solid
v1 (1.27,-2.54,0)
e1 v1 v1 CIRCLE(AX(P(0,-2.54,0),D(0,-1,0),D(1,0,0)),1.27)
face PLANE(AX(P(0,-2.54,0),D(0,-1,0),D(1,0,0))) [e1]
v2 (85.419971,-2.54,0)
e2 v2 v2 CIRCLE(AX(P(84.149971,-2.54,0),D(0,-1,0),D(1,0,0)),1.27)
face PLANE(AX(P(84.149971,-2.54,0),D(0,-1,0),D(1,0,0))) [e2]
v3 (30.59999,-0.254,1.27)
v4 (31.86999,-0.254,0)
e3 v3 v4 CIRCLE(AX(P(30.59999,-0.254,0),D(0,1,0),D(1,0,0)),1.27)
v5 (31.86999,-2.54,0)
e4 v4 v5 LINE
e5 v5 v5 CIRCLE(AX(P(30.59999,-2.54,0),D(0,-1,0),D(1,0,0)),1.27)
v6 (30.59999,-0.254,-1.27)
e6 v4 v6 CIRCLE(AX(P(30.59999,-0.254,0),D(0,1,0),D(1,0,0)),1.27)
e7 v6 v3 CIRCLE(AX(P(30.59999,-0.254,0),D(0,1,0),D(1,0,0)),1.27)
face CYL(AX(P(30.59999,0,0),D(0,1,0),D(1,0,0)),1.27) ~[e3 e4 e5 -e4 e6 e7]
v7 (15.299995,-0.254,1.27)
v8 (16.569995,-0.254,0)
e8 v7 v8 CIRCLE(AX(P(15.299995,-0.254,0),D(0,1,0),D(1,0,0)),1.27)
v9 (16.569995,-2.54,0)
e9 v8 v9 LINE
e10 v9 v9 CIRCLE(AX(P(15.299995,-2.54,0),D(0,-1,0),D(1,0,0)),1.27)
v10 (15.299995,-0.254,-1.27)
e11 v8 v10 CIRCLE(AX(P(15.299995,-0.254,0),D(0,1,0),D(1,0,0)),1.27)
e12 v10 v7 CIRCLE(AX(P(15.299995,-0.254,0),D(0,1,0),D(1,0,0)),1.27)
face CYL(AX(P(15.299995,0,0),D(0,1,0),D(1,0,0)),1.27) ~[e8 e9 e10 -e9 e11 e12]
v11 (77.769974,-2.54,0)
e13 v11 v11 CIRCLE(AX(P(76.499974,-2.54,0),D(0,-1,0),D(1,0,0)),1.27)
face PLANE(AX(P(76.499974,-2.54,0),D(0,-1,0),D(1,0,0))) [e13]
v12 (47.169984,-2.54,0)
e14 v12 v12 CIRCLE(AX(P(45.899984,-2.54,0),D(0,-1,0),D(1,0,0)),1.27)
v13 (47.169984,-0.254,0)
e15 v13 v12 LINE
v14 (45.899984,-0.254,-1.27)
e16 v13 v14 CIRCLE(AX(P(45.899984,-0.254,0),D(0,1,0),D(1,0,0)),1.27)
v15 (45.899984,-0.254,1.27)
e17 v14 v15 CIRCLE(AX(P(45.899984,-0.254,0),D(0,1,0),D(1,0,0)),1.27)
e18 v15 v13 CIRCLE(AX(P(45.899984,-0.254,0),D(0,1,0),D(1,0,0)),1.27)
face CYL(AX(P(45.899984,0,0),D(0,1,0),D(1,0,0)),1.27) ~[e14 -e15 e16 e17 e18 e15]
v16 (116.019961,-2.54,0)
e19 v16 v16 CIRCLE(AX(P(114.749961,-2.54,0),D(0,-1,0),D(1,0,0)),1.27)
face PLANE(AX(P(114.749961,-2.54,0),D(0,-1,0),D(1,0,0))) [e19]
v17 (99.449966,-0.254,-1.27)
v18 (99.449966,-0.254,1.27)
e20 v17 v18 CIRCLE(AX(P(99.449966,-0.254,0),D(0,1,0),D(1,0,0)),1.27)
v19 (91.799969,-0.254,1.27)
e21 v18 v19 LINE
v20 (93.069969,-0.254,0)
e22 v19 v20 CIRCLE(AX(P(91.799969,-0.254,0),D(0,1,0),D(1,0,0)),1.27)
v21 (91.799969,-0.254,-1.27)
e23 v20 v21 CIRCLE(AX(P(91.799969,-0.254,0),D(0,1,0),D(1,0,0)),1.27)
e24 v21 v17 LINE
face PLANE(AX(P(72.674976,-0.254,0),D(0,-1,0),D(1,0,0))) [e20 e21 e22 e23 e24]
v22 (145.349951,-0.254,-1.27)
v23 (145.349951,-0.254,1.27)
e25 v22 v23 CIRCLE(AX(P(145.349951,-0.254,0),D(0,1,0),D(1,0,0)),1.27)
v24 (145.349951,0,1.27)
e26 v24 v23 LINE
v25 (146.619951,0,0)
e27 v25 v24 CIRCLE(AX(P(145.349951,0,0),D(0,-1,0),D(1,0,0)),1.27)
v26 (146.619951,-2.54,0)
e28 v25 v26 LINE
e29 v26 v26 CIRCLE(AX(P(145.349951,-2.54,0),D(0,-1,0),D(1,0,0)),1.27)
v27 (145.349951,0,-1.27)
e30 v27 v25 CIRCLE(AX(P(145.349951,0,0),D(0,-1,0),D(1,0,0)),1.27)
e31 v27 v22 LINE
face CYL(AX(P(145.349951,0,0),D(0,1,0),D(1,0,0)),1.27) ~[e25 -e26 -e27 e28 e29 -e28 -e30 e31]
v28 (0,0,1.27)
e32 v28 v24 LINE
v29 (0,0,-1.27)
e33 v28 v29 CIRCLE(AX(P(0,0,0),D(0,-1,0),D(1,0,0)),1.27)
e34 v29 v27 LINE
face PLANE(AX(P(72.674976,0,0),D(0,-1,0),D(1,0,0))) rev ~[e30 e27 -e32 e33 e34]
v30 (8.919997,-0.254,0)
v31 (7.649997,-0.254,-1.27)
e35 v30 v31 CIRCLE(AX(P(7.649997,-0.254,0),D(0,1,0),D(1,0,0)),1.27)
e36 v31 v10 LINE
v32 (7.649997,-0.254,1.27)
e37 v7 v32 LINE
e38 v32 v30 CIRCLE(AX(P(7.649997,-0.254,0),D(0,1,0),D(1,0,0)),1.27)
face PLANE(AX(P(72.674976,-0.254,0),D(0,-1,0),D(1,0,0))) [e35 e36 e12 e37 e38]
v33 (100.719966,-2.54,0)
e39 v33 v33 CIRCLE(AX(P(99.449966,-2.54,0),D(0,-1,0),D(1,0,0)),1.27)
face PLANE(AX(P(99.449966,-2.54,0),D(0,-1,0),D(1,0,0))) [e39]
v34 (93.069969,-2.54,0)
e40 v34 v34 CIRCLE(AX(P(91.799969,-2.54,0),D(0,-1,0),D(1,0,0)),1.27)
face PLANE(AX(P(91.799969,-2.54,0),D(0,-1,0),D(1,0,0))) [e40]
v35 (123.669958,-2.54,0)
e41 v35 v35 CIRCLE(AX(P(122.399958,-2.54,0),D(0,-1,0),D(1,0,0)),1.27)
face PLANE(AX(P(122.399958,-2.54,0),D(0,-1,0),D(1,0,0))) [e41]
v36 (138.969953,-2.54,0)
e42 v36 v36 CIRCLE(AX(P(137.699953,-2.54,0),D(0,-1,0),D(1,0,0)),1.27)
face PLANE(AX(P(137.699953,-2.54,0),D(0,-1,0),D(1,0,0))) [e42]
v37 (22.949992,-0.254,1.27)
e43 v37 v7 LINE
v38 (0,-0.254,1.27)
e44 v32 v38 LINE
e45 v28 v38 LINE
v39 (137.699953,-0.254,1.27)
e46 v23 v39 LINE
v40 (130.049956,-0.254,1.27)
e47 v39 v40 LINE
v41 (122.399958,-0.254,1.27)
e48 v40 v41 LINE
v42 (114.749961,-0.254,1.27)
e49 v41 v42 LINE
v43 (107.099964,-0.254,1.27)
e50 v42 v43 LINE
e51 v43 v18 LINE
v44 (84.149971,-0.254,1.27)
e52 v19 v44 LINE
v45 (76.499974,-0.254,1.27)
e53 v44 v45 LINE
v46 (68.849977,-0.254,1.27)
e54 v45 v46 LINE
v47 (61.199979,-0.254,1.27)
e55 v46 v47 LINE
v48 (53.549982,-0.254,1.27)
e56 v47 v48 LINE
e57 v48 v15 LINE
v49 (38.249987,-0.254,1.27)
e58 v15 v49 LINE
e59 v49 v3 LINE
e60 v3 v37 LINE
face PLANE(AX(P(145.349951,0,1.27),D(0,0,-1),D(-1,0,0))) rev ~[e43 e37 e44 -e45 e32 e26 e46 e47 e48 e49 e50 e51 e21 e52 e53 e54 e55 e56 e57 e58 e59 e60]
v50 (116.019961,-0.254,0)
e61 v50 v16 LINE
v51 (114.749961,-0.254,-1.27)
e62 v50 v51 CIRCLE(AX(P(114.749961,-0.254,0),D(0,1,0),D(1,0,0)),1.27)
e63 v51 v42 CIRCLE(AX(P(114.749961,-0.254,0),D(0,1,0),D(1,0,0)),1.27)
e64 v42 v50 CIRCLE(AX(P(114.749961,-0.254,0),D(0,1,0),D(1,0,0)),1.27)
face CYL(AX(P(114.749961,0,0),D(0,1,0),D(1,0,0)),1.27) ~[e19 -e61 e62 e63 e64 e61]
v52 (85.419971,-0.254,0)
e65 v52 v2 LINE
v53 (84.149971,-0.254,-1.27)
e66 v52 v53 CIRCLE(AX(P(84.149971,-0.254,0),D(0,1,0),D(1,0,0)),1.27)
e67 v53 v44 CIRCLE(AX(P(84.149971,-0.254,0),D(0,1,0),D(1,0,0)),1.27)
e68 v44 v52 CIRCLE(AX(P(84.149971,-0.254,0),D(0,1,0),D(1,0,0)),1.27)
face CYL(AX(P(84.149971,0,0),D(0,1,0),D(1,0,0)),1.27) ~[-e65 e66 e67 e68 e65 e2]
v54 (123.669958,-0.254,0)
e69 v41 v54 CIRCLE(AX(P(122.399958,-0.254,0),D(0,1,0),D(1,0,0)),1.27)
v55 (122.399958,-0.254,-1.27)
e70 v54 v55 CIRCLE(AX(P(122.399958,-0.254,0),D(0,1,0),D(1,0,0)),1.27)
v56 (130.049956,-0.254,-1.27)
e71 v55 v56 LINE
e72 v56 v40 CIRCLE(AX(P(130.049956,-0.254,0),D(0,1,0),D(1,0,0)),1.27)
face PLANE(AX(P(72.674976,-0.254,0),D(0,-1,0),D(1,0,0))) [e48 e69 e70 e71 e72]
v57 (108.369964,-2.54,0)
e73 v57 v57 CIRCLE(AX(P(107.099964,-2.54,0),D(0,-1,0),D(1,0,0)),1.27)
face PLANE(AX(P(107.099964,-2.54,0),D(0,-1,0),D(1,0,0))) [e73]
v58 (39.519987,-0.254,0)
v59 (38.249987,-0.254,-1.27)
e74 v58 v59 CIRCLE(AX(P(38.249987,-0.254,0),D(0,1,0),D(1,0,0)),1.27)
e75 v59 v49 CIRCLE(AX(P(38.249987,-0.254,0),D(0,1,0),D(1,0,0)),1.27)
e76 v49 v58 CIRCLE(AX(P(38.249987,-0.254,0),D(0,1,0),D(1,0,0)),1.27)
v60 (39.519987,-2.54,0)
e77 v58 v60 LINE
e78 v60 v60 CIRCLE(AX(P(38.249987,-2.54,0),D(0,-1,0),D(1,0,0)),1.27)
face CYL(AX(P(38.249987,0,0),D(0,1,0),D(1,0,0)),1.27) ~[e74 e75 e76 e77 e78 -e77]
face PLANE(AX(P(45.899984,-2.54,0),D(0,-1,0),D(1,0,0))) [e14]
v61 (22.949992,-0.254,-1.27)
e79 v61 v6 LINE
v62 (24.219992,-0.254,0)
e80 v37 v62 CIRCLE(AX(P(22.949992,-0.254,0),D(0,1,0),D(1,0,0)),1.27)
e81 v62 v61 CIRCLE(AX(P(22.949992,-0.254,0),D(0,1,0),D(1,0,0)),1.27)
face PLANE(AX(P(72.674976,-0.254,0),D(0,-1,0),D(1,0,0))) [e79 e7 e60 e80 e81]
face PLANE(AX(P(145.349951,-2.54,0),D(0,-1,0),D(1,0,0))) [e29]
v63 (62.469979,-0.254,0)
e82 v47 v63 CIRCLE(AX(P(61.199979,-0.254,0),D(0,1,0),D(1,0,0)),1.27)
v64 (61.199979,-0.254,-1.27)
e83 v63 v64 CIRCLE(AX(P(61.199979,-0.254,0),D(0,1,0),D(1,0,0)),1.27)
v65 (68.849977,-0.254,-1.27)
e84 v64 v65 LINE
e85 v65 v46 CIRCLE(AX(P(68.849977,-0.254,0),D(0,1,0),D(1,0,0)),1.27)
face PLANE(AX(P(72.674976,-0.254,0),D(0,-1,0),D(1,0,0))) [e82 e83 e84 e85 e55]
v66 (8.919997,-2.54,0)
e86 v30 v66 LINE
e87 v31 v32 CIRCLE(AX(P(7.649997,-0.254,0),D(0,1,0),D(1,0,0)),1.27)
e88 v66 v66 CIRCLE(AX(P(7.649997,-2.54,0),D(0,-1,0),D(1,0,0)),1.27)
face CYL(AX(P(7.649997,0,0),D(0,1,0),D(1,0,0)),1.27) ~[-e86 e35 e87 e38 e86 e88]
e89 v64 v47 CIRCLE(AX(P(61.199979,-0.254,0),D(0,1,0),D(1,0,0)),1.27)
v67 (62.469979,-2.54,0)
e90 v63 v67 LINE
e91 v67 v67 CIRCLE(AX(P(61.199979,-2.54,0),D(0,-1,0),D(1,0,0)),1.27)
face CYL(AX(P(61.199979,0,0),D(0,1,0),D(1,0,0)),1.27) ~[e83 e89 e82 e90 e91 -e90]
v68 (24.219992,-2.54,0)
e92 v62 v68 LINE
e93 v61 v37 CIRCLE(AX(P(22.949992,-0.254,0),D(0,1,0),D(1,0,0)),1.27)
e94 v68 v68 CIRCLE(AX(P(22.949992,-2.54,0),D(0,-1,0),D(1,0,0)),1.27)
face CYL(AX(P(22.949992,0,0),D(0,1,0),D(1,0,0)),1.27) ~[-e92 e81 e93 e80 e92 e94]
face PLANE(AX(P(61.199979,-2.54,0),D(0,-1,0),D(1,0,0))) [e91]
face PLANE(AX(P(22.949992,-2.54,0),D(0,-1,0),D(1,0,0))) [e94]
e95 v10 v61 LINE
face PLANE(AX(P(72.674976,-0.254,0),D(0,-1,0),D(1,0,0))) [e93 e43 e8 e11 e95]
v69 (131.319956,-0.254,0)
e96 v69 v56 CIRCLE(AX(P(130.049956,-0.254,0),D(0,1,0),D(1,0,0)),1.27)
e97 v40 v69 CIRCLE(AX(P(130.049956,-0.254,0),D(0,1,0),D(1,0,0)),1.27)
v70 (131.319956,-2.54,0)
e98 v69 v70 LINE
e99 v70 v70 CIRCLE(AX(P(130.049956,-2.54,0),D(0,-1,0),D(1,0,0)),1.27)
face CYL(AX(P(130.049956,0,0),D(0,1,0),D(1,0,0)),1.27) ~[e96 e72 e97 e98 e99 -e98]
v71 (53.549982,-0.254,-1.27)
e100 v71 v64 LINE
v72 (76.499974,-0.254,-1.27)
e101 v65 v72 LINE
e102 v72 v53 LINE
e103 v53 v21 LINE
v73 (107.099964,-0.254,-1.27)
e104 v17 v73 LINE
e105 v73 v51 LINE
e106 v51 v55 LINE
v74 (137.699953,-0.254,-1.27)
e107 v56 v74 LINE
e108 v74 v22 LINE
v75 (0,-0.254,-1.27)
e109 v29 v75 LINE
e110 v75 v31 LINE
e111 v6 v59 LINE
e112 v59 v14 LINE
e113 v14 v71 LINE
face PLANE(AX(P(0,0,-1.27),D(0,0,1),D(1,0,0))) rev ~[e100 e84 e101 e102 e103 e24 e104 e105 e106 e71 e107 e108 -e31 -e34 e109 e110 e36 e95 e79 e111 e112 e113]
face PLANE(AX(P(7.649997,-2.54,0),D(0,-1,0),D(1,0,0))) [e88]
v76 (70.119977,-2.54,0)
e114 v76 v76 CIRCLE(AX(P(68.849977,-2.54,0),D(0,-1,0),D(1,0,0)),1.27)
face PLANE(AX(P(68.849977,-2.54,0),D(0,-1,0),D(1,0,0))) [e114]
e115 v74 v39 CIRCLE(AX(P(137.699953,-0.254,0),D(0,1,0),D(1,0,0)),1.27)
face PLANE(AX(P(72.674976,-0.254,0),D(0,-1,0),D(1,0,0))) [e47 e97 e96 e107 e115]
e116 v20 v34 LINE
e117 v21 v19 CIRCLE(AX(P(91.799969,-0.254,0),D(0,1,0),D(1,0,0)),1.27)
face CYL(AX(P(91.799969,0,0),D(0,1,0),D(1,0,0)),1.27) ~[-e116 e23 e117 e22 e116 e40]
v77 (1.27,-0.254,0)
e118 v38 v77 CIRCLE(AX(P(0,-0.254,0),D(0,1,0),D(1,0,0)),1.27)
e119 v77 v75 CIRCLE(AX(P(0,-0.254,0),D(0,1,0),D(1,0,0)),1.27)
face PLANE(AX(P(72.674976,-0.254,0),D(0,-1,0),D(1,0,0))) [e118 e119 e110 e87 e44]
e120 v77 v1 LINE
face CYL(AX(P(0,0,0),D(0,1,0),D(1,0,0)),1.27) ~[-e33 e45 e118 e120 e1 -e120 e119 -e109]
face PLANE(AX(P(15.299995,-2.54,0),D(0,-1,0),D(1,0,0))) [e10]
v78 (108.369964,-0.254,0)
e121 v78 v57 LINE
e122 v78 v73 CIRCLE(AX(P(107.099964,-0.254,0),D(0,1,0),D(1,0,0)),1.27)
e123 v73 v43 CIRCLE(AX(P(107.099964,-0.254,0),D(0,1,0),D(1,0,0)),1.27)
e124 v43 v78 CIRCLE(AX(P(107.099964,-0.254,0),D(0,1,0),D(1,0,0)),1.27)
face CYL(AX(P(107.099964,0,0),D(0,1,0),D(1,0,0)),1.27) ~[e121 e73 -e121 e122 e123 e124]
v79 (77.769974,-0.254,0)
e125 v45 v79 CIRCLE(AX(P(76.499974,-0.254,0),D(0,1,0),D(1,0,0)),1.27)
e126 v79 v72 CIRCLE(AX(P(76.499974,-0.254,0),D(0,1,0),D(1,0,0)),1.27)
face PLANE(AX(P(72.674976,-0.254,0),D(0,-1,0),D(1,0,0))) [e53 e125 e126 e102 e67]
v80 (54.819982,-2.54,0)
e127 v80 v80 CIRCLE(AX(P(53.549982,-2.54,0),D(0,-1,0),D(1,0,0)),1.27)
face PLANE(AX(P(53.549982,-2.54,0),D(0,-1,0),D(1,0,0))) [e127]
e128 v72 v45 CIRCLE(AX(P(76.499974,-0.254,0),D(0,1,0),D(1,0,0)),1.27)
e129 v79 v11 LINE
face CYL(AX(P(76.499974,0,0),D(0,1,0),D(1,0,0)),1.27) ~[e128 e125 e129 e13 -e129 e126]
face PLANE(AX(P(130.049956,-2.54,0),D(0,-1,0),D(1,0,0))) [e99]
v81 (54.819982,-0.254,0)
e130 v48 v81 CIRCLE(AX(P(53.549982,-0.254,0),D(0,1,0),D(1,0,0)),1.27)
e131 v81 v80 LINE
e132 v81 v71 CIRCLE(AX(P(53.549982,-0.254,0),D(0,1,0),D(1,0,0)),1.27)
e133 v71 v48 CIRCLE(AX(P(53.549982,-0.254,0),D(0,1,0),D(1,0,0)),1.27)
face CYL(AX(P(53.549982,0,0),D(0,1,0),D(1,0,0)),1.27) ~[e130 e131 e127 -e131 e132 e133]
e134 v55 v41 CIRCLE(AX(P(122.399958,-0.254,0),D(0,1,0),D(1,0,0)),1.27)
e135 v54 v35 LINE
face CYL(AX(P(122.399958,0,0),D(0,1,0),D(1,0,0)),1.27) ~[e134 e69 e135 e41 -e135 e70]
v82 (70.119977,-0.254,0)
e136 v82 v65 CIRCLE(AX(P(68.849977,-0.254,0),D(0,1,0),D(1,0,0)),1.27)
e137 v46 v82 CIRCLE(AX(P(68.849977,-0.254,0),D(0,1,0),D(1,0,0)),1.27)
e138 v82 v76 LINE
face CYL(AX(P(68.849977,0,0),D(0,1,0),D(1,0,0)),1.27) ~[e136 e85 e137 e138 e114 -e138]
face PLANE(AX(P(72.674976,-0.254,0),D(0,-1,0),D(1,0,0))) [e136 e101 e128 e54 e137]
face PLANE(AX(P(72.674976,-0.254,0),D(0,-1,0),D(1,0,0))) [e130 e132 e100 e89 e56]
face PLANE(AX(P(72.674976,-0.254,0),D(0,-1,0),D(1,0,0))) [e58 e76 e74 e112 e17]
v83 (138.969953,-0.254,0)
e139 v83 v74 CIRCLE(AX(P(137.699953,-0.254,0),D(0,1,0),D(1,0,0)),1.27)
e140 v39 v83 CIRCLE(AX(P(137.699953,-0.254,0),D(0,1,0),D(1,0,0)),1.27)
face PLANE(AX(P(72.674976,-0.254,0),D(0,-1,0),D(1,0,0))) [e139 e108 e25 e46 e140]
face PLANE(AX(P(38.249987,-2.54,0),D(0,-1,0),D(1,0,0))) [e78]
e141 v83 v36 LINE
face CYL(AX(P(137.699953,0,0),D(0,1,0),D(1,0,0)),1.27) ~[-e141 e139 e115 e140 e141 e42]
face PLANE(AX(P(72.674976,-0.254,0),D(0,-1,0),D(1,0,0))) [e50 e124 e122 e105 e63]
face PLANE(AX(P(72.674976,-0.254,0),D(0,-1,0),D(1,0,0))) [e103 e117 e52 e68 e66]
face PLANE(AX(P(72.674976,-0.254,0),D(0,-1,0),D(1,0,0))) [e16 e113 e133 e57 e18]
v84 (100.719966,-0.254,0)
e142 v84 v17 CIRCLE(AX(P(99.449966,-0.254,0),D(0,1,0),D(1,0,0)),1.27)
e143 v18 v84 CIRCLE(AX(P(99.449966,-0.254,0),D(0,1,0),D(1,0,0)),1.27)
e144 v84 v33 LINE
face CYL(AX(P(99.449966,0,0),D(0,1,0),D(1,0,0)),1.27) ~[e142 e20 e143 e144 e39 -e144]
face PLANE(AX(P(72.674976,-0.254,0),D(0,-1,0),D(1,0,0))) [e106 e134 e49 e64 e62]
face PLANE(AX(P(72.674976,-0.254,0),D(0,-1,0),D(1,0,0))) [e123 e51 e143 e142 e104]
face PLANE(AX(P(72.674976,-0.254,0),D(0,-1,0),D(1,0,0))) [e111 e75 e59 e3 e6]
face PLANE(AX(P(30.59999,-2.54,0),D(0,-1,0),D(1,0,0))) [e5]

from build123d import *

# Parameters (mm, degrees)
F0_R     = 1.27
F1_DEPTH = 2.54
F3_DEPTH = 0.254


with BuildPart() as f1:
    # F0 (on Front) → F1 (new body)
    with BuildSketch(Plane.XZ):
        Circle(F0_R)
        with Locations((7.649997, 0)):
            Circle(F0_R)
        with Locations((15.299995, 0)):
            Circle(F0_R)
        with Locations((22.949992, 0)):
            Circle(F0_R)
        with Locations((30.59999, 0)):
            Circle(F0_R)
        with Locations((38.249987, 0)):
            Circle(F0_R)
        with Locations((45.899984, 0)):
            Circle(F0_R)
        with Locations((53.549982, 0)):
            Circle(F0_R)
        with Locations((61.199979, 0)):
            Circle(F0_R)
        with Locations((68.849977, 0)):
            Circle(F0_R)
        with Locations((76.499974, 0)):
            Circle(F0_R)
        with Locations((84.149971, 0)):
            Circle(F0_R)
        with Locations((91.799969, 0)):
            Circle(F0_R)
        with Locations((99.449966, 0)):
            Circle(F0_R)
        with Locations((107.099964, 0)):
            Circle(F0_R)
        with Locations((114.749961, 0)):
            Circle(F0_R)
        with Locations((122.399958, 0)):
            Circle(F0_R)
        with Locations((130.049956, 0)):
            Circle(F0_R)
        with Locations((137.699953, 0)):
            Circle(F0_R)
        with Locations((145.349951, 0)):
            Circle(F0_R)
    extrude(amount=F1_DEPTH)

    # F2 (on Front) → F3 (join)
    with BuildSketch(Plane.XZ):
        Polygon((0, -1.27), (145.349951, -1.27), (145.349951, 0), (145.349951, 1.27), (0, 1.27), align=None)
    extrude(amount=F3_DEPTH)


solid = f1.part
